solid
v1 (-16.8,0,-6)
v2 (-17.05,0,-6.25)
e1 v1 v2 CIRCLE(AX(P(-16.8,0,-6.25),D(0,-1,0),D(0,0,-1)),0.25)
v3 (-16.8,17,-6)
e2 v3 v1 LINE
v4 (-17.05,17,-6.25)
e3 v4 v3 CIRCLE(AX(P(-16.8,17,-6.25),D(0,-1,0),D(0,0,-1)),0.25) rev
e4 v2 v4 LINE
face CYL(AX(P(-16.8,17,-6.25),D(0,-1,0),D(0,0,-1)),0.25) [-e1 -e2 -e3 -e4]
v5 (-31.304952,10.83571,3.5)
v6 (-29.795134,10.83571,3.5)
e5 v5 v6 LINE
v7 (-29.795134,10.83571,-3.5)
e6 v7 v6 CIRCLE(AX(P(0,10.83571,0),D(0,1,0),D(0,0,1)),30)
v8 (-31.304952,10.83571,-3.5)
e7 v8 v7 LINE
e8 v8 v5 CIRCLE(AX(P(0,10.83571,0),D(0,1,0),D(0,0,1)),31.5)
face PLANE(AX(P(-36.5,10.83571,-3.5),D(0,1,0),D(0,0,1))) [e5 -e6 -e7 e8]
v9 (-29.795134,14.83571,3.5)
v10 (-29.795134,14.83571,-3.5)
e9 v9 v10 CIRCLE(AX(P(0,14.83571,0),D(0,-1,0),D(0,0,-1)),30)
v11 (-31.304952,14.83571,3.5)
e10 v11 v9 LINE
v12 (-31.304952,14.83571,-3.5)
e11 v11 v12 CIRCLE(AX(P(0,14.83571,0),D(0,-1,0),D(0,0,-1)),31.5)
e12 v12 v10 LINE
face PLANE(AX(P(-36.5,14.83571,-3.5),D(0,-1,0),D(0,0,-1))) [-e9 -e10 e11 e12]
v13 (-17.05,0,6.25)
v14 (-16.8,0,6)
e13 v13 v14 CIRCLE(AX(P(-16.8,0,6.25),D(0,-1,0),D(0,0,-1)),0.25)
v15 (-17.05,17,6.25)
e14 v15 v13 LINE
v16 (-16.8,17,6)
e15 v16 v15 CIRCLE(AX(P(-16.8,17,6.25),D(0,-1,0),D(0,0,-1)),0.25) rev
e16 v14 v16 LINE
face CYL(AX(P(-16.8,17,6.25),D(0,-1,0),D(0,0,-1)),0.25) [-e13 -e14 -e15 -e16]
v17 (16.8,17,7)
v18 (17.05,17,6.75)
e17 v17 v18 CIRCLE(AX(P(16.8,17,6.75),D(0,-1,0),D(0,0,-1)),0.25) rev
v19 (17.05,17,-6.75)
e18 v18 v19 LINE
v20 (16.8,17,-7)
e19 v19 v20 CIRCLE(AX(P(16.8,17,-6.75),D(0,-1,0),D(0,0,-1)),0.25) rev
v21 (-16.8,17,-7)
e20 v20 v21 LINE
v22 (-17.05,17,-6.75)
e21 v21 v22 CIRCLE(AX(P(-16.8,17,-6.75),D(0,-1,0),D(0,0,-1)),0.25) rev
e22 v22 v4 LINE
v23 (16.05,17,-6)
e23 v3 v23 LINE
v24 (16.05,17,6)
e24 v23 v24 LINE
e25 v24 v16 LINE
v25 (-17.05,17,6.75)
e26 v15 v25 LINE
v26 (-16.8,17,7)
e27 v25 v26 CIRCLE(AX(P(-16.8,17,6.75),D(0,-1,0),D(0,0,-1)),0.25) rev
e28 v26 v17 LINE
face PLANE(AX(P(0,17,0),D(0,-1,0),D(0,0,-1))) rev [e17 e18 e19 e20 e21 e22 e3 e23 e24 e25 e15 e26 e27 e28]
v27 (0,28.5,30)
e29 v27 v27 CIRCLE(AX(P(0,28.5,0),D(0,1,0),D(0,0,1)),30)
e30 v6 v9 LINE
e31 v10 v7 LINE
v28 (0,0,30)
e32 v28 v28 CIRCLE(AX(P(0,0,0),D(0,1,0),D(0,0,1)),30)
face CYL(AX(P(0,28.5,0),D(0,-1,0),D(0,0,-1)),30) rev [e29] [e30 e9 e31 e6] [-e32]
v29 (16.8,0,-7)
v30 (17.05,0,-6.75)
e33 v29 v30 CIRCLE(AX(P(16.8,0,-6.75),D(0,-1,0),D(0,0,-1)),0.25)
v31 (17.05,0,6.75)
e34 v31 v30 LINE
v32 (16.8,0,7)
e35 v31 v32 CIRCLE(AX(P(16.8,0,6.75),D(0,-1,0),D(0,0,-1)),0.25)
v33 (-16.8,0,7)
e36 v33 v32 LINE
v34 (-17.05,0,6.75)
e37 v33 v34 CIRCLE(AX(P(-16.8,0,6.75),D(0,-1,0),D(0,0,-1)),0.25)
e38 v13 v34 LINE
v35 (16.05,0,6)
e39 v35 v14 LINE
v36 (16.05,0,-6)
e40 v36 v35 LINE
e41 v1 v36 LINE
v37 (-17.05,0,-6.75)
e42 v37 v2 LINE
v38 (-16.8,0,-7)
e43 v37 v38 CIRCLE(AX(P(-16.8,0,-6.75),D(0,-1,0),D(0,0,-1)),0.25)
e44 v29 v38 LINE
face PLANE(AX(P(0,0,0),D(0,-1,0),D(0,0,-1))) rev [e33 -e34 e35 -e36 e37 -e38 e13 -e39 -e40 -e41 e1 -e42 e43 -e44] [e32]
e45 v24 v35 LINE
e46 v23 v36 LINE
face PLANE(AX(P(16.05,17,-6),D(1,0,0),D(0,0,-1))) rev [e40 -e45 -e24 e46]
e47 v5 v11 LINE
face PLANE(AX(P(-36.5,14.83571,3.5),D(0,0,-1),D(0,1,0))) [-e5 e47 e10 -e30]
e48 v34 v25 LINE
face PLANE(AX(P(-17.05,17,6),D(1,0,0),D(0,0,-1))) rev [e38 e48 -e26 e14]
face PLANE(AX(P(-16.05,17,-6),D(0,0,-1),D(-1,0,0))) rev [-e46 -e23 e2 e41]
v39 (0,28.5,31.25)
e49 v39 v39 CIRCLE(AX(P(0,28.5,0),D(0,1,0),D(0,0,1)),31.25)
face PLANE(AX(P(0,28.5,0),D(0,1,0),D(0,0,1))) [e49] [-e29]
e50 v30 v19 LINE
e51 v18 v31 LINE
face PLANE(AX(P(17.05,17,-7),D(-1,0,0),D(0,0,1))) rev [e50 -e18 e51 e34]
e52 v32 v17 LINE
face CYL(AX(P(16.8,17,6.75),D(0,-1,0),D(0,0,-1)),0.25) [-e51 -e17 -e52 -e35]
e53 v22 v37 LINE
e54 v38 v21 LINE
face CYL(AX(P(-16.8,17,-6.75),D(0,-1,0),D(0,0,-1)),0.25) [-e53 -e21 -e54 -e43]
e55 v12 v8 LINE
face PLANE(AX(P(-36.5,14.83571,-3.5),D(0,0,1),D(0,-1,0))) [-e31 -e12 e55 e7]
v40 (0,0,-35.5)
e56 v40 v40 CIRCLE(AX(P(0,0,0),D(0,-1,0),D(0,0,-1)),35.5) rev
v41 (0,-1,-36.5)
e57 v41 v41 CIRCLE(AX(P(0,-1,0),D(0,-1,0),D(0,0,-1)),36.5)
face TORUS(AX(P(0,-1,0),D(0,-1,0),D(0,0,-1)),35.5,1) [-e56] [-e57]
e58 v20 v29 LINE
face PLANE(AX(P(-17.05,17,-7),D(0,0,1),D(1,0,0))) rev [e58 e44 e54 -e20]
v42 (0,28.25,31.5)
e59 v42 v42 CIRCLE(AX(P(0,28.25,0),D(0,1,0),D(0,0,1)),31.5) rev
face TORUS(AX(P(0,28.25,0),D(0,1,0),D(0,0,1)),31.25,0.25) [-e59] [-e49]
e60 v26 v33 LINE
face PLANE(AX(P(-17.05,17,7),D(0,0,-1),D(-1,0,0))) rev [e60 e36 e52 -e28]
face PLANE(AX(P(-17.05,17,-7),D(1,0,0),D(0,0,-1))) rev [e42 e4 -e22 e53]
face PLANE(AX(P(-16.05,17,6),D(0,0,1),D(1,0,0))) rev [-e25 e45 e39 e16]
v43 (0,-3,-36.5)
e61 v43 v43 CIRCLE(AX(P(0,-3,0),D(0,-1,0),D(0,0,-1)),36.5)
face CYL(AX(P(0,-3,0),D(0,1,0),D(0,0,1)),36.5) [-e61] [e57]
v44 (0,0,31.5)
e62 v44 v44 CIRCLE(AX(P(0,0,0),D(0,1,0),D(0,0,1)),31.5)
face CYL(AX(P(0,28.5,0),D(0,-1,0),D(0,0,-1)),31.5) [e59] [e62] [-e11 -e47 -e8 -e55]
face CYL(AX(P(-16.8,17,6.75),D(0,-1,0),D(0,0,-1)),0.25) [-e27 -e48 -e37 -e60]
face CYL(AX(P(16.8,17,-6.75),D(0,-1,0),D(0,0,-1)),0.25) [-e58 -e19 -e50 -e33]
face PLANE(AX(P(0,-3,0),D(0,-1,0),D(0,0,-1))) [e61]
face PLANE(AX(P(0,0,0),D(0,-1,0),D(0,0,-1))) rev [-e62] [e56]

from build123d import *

# Parameters (mm, degrees)
SKETCH1_R           = 31.5
SKETCH1_R_2         = 30
BOSS_EXTRUDE1_DEPTH = 28.5
SKETCH2_R           = 36.5
BOSS_EXTRUDE2_DEPTH = 3
BOSS_EXTRUDE3_DEPTH = 17
SKETCH4_W           = 7
SKETCH4_H           = 4
CUT_EXTRUDE1_DEPTH  = 71.042861878
FILLET1_R           = 1
FILLET2_R           = 0.25
FILLET3_R           = 0.25


with BuildPart() as part:
    # Sketch1 → Boss-Extrude1 (new body)
    with BuildSketch(Plane(origin=(0, 0, 0), x_dir=(1, 0, 0), z_dir=(0, 1, 0))):
        with Locations(Location((0, 0, 0), (0, 0, 90))):
            Circle(SKETCH1_R)
        with Locations(Location((0, 0, 0), (0, 0, 90))):
            Circle(SKETCH1_R_2, mode=Mode.SUBTRACT)
    extrude(amount=BOSS_EXTRUDE1_DEPTH)

    # Sketch2 → Boss-Extrude2 (add)
    with BuildSketch(Plane.XZ):
        with Locations(Location((0, 0, 0), (0, 0, 270))):
            Circle(SKETCH2_R)
    extrude(amount=BOSS_EXTRUDE2_DEPTH)

    # Sketch3 → Boss-Extrude3 (add)
    with BuildSketch(Plane(origin=(0, 0, 0), x_dir=(1, 0, 0), z_dir=(0, 1, 0))):
        Polygon((-16.05, 6), (-17.05, 6), (-17.05, 7), (17.05, 7), (17.05, -7), (-17.05, -7), (-17.05, -6), (-16.05, -6), (16.05, -6), (16.05, 6), align=None)
    extrude(amount=BOSS_EXTRUDE3_DEPTH)

    # Sketch4 → Cut-Extrude1 (cut, through all)
    with BuildSketch(Plane.ZY.offset(-16.05)):
        with Locations((0, 12.835709784)):
            Rectangle(SKETCH4_W, SKETCH4_H)
    extrude(amount=CUT_EXTRUDE1_DEPTH, mode=Mode.SUBTRACT)

    # Fillet1
    fillet1_edges = [part.edges().sort_by_distance(p)[0] for p in [
        (0, 0, 36.5),
    ]]
    fillet(fillet1_edges, radius=FILLET1_R)

    # Fillet2
    fillet2_edges = [part.edges().sort_by_distance(p)[0] for p in [
        (0, 28.5, 31.5),
    ]]
    fillet(fillet2_edges, radius=FILLET2_R)

    # Fillet3
    fillet3_edges = [part.edges().sort_by_distance(p)[0] for p in [
        (-17.05, 8.5, 6),
        (-17.05, 8.5, 7),
        (17.05, 8.5, 7),
        (17.05, 8.5, -7),
        (-17.05, 8.5, -7),
        (-17.05, 8.5, -6),
    ]]
    fillet(fillet3_edges, radius=FILLET3_R)


solid = part.part
